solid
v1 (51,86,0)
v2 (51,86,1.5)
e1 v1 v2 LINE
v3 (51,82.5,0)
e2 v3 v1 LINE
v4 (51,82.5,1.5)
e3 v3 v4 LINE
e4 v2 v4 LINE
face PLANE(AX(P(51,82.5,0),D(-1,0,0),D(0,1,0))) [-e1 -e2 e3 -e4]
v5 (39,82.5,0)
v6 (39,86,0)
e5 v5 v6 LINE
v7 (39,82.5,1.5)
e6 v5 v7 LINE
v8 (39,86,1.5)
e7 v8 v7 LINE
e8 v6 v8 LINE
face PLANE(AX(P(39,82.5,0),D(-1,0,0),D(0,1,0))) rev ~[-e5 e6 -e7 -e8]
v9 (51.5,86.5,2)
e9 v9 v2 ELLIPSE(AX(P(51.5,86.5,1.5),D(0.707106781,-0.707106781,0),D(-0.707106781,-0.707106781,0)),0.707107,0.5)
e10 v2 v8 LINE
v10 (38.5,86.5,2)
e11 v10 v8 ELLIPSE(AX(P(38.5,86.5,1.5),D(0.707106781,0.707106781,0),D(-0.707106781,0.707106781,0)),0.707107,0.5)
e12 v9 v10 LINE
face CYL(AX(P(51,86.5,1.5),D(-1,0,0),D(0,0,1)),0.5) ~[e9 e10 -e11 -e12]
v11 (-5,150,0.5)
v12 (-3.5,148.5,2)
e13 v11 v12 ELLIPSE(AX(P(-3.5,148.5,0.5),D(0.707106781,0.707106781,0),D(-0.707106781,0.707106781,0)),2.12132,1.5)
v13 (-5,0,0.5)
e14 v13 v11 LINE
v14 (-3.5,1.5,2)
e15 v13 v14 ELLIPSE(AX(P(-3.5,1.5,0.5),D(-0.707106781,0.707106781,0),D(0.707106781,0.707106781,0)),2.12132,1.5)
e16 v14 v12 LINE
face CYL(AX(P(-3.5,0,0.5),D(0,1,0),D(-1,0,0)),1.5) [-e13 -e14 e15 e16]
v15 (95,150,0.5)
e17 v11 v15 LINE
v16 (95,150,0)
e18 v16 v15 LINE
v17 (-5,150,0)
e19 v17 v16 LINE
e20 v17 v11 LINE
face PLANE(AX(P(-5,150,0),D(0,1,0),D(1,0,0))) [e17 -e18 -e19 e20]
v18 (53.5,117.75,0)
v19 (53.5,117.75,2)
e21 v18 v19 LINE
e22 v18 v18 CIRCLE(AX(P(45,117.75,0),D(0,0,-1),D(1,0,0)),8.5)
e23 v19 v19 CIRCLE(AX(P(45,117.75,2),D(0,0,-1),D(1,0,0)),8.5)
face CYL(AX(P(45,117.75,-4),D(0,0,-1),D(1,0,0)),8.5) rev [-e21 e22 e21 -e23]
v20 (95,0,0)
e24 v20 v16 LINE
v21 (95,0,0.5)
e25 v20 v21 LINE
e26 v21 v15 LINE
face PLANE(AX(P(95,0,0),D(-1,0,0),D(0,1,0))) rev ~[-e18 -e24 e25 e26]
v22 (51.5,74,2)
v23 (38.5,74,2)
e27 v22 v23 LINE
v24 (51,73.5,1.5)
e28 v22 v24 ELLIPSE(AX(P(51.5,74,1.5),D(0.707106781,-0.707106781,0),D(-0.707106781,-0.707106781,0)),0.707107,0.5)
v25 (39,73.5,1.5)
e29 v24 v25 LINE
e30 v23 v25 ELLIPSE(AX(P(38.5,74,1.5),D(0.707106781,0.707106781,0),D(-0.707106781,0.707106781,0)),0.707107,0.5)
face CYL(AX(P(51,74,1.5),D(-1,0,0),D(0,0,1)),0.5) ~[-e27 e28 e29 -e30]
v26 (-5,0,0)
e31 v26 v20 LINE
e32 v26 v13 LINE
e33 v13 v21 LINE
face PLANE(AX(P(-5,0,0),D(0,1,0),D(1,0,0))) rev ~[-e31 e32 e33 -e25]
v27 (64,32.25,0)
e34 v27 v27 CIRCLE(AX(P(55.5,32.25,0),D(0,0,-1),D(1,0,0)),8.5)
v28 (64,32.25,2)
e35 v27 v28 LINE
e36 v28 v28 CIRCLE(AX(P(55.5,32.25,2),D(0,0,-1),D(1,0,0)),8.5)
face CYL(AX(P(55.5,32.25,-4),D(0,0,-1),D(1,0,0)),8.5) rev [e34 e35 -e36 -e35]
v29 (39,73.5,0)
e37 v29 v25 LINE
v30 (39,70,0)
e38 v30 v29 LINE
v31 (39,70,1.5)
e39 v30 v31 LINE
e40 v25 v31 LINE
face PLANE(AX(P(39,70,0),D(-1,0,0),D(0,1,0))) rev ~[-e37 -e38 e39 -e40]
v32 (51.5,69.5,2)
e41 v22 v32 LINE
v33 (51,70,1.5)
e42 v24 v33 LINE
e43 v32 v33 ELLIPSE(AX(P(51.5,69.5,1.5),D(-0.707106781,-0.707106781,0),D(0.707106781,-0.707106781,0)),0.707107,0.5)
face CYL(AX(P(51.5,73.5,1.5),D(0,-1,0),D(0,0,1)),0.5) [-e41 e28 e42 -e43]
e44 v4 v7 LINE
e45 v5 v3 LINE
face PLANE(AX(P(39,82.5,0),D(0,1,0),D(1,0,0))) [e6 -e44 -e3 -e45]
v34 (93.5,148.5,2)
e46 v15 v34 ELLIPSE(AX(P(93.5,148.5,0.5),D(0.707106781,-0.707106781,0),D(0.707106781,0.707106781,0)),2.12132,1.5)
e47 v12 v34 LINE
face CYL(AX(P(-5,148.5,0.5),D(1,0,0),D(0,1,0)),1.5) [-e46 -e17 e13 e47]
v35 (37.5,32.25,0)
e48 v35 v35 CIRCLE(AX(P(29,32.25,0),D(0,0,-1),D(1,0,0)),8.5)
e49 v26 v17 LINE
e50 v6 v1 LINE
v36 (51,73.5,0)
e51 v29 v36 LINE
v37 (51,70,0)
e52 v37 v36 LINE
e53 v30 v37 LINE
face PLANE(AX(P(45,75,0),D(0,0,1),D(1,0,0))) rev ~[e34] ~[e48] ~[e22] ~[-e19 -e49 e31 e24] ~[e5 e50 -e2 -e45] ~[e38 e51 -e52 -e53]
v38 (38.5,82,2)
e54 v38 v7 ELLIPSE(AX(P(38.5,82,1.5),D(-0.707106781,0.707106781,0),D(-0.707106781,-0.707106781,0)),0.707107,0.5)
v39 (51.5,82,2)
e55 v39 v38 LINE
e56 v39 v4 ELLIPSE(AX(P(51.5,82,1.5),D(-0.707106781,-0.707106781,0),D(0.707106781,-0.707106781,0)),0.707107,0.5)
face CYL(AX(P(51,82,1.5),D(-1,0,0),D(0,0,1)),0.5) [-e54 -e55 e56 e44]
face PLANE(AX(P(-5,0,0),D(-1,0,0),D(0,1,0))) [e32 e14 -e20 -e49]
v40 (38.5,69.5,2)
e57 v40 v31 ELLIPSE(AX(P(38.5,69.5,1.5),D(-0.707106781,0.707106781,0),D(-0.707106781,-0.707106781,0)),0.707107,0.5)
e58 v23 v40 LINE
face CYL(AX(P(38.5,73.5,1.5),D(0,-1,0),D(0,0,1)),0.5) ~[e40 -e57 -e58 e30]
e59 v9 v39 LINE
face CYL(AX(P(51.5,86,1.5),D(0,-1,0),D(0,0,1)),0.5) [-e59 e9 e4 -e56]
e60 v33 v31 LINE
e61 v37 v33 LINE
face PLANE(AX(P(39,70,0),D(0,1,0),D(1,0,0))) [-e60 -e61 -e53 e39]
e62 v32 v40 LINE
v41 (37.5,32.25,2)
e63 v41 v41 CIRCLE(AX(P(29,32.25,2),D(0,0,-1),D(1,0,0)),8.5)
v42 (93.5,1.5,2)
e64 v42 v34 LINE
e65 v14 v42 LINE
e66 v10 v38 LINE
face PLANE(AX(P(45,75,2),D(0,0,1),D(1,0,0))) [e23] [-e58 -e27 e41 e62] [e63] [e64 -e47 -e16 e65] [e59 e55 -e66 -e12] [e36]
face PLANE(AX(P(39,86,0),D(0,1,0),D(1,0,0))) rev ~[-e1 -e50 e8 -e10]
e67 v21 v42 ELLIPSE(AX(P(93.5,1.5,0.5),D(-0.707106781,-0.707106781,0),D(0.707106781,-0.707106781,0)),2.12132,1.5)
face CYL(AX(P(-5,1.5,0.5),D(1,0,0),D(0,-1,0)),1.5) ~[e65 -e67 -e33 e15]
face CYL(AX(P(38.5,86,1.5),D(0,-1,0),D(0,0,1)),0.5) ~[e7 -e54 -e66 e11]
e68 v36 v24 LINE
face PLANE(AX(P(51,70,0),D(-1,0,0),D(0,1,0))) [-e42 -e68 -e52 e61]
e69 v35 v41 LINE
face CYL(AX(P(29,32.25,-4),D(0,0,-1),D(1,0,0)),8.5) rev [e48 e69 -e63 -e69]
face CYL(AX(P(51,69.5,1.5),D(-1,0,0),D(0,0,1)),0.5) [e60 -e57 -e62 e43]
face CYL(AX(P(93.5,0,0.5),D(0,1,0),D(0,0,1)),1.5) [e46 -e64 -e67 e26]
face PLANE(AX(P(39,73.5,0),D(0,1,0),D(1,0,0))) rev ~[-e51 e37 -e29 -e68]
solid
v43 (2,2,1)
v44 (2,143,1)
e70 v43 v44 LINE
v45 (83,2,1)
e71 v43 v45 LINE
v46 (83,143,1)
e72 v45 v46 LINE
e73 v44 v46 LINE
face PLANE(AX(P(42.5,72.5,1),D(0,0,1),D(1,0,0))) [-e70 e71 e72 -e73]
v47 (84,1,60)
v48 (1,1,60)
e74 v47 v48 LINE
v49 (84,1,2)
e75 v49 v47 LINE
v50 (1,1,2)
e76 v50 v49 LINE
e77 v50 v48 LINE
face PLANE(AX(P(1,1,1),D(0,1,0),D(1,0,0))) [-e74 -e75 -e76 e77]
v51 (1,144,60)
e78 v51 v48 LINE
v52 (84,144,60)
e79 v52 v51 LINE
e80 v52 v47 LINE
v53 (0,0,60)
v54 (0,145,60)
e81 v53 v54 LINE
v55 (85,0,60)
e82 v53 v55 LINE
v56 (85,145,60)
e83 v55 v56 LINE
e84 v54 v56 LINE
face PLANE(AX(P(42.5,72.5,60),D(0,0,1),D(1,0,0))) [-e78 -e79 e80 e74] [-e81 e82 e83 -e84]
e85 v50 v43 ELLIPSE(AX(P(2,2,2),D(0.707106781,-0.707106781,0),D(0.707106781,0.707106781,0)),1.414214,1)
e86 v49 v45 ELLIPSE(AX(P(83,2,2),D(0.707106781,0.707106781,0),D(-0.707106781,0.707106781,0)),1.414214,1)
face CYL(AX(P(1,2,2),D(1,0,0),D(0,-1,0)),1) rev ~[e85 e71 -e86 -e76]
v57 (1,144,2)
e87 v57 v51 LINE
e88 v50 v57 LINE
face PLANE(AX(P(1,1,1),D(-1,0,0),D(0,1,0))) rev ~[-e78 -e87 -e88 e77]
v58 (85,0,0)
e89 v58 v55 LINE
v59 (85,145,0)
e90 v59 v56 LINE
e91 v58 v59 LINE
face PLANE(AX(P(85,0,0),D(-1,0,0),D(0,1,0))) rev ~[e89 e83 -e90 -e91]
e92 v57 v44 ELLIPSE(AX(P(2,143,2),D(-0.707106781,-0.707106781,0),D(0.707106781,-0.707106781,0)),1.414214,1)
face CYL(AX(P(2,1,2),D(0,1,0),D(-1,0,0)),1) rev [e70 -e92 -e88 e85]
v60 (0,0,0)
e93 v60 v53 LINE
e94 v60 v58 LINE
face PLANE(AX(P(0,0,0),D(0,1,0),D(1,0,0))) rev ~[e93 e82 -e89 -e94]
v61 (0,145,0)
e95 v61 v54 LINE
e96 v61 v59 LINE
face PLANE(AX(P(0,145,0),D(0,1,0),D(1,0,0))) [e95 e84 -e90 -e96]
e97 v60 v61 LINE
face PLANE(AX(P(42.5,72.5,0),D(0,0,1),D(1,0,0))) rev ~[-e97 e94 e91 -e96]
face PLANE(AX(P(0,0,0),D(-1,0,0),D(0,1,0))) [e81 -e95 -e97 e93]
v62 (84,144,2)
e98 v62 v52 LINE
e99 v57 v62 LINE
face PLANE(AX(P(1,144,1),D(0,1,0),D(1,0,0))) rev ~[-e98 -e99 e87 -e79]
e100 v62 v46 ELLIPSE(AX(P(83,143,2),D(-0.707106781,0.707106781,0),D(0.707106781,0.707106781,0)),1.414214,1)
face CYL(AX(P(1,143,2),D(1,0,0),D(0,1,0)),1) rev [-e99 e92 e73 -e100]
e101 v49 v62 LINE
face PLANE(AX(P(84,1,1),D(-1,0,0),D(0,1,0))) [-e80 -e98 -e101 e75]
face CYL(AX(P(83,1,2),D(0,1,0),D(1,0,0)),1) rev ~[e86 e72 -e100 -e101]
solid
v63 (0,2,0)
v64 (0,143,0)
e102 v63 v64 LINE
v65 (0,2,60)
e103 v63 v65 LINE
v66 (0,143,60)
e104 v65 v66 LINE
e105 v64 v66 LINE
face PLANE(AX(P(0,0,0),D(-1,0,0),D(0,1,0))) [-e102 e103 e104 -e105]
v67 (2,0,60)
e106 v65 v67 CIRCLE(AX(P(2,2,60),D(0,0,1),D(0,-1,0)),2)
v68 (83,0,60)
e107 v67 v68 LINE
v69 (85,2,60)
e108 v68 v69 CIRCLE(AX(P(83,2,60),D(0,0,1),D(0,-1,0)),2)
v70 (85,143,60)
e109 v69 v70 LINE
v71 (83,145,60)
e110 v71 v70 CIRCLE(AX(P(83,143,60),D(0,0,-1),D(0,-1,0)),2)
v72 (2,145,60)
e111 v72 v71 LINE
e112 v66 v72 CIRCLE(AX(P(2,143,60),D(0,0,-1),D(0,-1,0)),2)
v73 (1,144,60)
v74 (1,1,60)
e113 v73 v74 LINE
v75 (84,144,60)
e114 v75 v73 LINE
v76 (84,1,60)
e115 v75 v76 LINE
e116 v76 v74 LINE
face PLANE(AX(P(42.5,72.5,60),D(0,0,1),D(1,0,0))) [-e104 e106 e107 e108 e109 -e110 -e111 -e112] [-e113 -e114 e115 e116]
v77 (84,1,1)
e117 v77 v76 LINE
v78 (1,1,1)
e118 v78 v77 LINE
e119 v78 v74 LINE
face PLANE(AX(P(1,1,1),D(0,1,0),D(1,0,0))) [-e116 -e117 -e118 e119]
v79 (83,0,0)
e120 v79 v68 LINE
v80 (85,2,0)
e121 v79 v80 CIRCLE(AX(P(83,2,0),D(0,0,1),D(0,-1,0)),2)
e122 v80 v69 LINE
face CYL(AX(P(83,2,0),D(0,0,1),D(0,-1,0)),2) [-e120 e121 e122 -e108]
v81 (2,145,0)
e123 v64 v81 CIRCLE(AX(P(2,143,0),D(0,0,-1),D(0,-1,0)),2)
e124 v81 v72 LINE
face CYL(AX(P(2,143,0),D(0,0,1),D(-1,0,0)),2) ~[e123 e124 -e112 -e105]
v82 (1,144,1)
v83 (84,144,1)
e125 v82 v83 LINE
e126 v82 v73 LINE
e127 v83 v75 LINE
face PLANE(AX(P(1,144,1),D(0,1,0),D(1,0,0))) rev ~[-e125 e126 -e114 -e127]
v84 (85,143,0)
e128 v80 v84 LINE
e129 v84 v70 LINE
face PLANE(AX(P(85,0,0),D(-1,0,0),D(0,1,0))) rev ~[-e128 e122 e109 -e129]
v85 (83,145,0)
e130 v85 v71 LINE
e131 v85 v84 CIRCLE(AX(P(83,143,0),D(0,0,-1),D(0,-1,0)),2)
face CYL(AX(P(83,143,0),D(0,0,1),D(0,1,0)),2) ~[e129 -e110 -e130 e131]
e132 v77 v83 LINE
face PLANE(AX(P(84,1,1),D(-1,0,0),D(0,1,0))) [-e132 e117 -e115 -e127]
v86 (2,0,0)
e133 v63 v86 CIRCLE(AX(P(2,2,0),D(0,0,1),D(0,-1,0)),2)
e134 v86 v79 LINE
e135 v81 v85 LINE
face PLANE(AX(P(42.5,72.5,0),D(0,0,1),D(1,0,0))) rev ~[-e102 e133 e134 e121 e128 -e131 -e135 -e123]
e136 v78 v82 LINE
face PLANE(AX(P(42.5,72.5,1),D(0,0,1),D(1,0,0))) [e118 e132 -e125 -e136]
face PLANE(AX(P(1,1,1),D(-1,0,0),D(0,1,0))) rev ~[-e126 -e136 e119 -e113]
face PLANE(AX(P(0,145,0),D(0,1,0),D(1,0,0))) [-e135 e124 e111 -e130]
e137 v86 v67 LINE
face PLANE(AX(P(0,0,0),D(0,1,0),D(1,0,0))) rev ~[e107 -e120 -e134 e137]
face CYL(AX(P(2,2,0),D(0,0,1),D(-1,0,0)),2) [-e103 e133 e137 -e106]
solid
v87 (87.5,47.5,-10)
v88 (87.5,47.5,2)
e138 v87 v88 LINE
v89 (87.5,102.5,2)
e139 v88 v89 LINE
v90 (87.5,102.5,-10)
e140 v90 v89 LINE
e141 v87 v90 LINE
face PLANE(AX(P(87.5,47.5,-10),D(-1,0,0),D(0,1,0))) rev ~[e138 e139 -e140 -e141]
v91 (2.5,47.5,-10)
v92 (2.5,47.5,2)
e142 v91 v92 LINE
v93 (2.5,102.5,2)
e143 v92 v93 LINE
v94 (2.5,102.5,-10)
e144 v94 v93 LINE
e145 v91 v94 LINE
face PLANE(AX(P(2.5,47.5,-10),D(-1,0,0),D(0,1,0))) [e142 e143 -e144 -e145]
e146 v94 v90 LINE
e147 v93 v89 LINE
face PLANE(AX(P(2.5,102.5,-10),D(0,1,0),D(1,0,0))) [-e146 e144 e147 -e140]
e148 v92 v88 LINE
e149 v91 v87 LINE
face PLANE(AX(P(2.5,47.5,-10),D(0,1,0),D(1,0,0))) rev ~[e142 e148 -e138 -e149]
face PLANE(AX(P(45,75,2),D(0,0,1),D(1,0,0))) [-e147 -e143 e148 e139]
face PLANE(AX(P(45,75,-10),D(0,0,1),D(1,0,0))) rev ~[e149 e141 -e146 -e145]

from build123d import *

# Parameters (mm, degrees)
BOX003_W          = 85
BOX003_H          = 55
BOX003_DEPTH      = 12
CYLINDER001_R     = 8.5
CYLINDER001_DEPTH = 10
CYLINDER002_R     = 8.5
CYLINDER002_DEPTH = 10
BOX001_W          = 12
BOX001_H          = 3.5
BOX001_DEPTH      = 10
BOX002_W          = 12
BOX002_H          = 3.5
BOX002_DEPTH      = 10
CYLINDER_R        = 8.5
CYLINDER_DEPTH    = 10
BOX_W             = 100
BOX_H             = 150
BOX_DEPTH         = 2
FILLET_R          = 1.5
FILLET001_R       = 0.5
BOX005_W          = 83
BOX005_H          = 143
BOX005_DEPTH      = 65
BOX004_W          = 85
BOX004_H          = 145
BOX004_DEPTH      = 60
FILLET002_R       = 1
FILLET003_R       = 2


with BuildPart() as breadboard_layout:
    # Box003 → Box003 (new body)
    with BuildSketch(Plane(origin=(2.5, 47.5, -10), x_dir=(1, 0, 0), z_dir=(0, 0, 1))):
        with Locations((42.5, 27.5)):
            Rectangle(BOX003_W, BOX003_H)
    extrude(amount=BOX003_DEPTH)


with BuildPart() as taladro_salida_y:
    # Cylinder001 → Cylinder001 (new body)
    with BuildSketch(Plane(origin=(45, 117.75, -4), x_dir=(1, 0, 0), z_dir=(0, 0, 1))):
        Circle(CYLINDER001_R)
    extrude(amount=CYLINDER001_DEPTH)


with BuildPart() as taladro_boton_b:
    # Cylinder002 → Cylinder002 (new body)
    with BuildSketch(Plane(origin=(55.5, 32.25, -4), x_dir=(1, 0, 0), z_dir=(0, 0, 1))):
        Circle(CYLINDER002_R)
    extrude(amount=CYLINDER002_DEPTH)


with BuildPart() as cube001:
    # Box001 → Box001 (new body)
    with BuildSketch(Plane(origin=(39, 82.5, 0), x_dir=(1, 0, 0), z_dir=(0, 0, 1))):
        with Locations((6, 1.75)):
            Rectangle(BOX001_W, BOX001_H)
    extrude(amount=BOX001_DEPTH)


with BuildPart() as cube002:
    # Box002 → Box002 (new body)
    with BuildSketch(Plane(origin=(39, 70, 0), x_dir=(1, 0, 0), z_dir=(0, 0, 1))):
        with Locations((6, 1.75)):
            Rectangle(BOX002_W, BOX002_H)
    extrude(amount=BOX002_DEPTH)


with BuildPart() as taladro_boton_a:
    # Cylinder → Cylinder (new body)
    with BuildSketch(Plane(origin=(29, 32.25, -4), x_dir=(1, 0, 0), z_dir=(0, 0, 1))):
        Circle(CYLINDER_R)
    extrude(amount=CYLINDER_DEPTH)


with BuildPart() as fillet001:
    # Box → Box (new body)
    with BuildSketch(Plane(origin=(-5, 0, 0), x_dir=(1, 0, 0), z_dir=(0, 0, 1))):
        with Locations((50, 75)):
            Rectangle(BOX_W, BOX_H)
    extrude(amount=BOX_DEPTH)

    # Cut: cut Taladro boton A
    add(taladro_boton_a.part, mode=Mode.SUBTRACT)

    # Cut001: cut Cube002
    add(cube002.part, mode=Mode.SUBTRACT)

    # Cut002: cut Cube001
    add(cube001.part, mode=Mode.SUBTRACT)

    # Cut003: cut Taladro boton B
    add(taladro_boton_b.part, mode=Mode.SUBTRACT)

    # Cut004: cut Taladro salida Y
    add(taladro_salida_y.part, mode=Mode.SUBTRACT)

    # Fillet
    fillet_edges = [fillet001.edges().sort_by_distance(p)[0] for p in [
        (-5, 75, 2),
        (45, 0, 2),
        (45, 150, 2),
        (95, 75, 2),
    ]]
    fillet(fillet_edges, radius=FILLET_R)

    # Fillet001
    fillet001_edges = [fillet001.edges().sort_by_distance(p)[0] for p in [
        (45, 86, 2),
        (51, 84.25, 2),
        (39, 84.25, 2),
        (45, 82.5, 2),
        (51, 71.75, 2),
        (45, 70, 2),
        (45, 73.5, 2),
        (39, 71.75, 2),
    ]]
    fillet(fillet001_edges, radius=FILLET001_R)


with BuildPart() as cube004:
    # Box005 → Box005 (new body)
    with BuildSketch(Plane(origin=(1, 1, 1), x_dir=(1, 0, 0), z_dir=(0, 0, 1))):
        with Locations((41.5, 71.5)):
            Rectangle(BOX005_W, BOX005_H)
    extrude(amount=BOX005_DEPTH)


with BuildPart() as cut005:
    # Box004 → Box004 (new body)
    with BuildSketch(Plane.XY):
        with Locations((42.5, 72.5)):
            Rectangle(BOX004_W, BOX004_H)
    extrude(amount=BOX004_DEPTH)

    # Cut005: cut Cube004
    add(cube004.part, mode=Mode.SUBTRACT)


with BuildPart() as fillet002:
    # Fillet002 base: copy of Cut005
    add(cut005.part)

    # Fillet002
    fillet002_edges = [fillet002.edges().sort_by_distance(p)[0] for p in [
        (84, 72.5, 1),
        (42.5, 144, 1),
        (1, 72.5, 1),
        (42.5, 1, 1),
    ]]
    fillet(fillet002_edges, radius=FILLET002_R)


with BuildPart() as fillet003:
    # Fillet003 base: copy of Cut005
    add(cut005.part)

    # Fillet003
    fillet003_edges = [fillet003.edges().sort_by_distance(p)[0] for p in [
        (0, 0, 30),
        (0, 145, 30),
        (85, 0, 30),
        (85, 145, 30),
    ]]
    fillet(fillet003_edges, radius=FILLET003_R)


solid = Compound([breadboard_layout.part, fillet001.part, fillet002.part, fillet003.part])
